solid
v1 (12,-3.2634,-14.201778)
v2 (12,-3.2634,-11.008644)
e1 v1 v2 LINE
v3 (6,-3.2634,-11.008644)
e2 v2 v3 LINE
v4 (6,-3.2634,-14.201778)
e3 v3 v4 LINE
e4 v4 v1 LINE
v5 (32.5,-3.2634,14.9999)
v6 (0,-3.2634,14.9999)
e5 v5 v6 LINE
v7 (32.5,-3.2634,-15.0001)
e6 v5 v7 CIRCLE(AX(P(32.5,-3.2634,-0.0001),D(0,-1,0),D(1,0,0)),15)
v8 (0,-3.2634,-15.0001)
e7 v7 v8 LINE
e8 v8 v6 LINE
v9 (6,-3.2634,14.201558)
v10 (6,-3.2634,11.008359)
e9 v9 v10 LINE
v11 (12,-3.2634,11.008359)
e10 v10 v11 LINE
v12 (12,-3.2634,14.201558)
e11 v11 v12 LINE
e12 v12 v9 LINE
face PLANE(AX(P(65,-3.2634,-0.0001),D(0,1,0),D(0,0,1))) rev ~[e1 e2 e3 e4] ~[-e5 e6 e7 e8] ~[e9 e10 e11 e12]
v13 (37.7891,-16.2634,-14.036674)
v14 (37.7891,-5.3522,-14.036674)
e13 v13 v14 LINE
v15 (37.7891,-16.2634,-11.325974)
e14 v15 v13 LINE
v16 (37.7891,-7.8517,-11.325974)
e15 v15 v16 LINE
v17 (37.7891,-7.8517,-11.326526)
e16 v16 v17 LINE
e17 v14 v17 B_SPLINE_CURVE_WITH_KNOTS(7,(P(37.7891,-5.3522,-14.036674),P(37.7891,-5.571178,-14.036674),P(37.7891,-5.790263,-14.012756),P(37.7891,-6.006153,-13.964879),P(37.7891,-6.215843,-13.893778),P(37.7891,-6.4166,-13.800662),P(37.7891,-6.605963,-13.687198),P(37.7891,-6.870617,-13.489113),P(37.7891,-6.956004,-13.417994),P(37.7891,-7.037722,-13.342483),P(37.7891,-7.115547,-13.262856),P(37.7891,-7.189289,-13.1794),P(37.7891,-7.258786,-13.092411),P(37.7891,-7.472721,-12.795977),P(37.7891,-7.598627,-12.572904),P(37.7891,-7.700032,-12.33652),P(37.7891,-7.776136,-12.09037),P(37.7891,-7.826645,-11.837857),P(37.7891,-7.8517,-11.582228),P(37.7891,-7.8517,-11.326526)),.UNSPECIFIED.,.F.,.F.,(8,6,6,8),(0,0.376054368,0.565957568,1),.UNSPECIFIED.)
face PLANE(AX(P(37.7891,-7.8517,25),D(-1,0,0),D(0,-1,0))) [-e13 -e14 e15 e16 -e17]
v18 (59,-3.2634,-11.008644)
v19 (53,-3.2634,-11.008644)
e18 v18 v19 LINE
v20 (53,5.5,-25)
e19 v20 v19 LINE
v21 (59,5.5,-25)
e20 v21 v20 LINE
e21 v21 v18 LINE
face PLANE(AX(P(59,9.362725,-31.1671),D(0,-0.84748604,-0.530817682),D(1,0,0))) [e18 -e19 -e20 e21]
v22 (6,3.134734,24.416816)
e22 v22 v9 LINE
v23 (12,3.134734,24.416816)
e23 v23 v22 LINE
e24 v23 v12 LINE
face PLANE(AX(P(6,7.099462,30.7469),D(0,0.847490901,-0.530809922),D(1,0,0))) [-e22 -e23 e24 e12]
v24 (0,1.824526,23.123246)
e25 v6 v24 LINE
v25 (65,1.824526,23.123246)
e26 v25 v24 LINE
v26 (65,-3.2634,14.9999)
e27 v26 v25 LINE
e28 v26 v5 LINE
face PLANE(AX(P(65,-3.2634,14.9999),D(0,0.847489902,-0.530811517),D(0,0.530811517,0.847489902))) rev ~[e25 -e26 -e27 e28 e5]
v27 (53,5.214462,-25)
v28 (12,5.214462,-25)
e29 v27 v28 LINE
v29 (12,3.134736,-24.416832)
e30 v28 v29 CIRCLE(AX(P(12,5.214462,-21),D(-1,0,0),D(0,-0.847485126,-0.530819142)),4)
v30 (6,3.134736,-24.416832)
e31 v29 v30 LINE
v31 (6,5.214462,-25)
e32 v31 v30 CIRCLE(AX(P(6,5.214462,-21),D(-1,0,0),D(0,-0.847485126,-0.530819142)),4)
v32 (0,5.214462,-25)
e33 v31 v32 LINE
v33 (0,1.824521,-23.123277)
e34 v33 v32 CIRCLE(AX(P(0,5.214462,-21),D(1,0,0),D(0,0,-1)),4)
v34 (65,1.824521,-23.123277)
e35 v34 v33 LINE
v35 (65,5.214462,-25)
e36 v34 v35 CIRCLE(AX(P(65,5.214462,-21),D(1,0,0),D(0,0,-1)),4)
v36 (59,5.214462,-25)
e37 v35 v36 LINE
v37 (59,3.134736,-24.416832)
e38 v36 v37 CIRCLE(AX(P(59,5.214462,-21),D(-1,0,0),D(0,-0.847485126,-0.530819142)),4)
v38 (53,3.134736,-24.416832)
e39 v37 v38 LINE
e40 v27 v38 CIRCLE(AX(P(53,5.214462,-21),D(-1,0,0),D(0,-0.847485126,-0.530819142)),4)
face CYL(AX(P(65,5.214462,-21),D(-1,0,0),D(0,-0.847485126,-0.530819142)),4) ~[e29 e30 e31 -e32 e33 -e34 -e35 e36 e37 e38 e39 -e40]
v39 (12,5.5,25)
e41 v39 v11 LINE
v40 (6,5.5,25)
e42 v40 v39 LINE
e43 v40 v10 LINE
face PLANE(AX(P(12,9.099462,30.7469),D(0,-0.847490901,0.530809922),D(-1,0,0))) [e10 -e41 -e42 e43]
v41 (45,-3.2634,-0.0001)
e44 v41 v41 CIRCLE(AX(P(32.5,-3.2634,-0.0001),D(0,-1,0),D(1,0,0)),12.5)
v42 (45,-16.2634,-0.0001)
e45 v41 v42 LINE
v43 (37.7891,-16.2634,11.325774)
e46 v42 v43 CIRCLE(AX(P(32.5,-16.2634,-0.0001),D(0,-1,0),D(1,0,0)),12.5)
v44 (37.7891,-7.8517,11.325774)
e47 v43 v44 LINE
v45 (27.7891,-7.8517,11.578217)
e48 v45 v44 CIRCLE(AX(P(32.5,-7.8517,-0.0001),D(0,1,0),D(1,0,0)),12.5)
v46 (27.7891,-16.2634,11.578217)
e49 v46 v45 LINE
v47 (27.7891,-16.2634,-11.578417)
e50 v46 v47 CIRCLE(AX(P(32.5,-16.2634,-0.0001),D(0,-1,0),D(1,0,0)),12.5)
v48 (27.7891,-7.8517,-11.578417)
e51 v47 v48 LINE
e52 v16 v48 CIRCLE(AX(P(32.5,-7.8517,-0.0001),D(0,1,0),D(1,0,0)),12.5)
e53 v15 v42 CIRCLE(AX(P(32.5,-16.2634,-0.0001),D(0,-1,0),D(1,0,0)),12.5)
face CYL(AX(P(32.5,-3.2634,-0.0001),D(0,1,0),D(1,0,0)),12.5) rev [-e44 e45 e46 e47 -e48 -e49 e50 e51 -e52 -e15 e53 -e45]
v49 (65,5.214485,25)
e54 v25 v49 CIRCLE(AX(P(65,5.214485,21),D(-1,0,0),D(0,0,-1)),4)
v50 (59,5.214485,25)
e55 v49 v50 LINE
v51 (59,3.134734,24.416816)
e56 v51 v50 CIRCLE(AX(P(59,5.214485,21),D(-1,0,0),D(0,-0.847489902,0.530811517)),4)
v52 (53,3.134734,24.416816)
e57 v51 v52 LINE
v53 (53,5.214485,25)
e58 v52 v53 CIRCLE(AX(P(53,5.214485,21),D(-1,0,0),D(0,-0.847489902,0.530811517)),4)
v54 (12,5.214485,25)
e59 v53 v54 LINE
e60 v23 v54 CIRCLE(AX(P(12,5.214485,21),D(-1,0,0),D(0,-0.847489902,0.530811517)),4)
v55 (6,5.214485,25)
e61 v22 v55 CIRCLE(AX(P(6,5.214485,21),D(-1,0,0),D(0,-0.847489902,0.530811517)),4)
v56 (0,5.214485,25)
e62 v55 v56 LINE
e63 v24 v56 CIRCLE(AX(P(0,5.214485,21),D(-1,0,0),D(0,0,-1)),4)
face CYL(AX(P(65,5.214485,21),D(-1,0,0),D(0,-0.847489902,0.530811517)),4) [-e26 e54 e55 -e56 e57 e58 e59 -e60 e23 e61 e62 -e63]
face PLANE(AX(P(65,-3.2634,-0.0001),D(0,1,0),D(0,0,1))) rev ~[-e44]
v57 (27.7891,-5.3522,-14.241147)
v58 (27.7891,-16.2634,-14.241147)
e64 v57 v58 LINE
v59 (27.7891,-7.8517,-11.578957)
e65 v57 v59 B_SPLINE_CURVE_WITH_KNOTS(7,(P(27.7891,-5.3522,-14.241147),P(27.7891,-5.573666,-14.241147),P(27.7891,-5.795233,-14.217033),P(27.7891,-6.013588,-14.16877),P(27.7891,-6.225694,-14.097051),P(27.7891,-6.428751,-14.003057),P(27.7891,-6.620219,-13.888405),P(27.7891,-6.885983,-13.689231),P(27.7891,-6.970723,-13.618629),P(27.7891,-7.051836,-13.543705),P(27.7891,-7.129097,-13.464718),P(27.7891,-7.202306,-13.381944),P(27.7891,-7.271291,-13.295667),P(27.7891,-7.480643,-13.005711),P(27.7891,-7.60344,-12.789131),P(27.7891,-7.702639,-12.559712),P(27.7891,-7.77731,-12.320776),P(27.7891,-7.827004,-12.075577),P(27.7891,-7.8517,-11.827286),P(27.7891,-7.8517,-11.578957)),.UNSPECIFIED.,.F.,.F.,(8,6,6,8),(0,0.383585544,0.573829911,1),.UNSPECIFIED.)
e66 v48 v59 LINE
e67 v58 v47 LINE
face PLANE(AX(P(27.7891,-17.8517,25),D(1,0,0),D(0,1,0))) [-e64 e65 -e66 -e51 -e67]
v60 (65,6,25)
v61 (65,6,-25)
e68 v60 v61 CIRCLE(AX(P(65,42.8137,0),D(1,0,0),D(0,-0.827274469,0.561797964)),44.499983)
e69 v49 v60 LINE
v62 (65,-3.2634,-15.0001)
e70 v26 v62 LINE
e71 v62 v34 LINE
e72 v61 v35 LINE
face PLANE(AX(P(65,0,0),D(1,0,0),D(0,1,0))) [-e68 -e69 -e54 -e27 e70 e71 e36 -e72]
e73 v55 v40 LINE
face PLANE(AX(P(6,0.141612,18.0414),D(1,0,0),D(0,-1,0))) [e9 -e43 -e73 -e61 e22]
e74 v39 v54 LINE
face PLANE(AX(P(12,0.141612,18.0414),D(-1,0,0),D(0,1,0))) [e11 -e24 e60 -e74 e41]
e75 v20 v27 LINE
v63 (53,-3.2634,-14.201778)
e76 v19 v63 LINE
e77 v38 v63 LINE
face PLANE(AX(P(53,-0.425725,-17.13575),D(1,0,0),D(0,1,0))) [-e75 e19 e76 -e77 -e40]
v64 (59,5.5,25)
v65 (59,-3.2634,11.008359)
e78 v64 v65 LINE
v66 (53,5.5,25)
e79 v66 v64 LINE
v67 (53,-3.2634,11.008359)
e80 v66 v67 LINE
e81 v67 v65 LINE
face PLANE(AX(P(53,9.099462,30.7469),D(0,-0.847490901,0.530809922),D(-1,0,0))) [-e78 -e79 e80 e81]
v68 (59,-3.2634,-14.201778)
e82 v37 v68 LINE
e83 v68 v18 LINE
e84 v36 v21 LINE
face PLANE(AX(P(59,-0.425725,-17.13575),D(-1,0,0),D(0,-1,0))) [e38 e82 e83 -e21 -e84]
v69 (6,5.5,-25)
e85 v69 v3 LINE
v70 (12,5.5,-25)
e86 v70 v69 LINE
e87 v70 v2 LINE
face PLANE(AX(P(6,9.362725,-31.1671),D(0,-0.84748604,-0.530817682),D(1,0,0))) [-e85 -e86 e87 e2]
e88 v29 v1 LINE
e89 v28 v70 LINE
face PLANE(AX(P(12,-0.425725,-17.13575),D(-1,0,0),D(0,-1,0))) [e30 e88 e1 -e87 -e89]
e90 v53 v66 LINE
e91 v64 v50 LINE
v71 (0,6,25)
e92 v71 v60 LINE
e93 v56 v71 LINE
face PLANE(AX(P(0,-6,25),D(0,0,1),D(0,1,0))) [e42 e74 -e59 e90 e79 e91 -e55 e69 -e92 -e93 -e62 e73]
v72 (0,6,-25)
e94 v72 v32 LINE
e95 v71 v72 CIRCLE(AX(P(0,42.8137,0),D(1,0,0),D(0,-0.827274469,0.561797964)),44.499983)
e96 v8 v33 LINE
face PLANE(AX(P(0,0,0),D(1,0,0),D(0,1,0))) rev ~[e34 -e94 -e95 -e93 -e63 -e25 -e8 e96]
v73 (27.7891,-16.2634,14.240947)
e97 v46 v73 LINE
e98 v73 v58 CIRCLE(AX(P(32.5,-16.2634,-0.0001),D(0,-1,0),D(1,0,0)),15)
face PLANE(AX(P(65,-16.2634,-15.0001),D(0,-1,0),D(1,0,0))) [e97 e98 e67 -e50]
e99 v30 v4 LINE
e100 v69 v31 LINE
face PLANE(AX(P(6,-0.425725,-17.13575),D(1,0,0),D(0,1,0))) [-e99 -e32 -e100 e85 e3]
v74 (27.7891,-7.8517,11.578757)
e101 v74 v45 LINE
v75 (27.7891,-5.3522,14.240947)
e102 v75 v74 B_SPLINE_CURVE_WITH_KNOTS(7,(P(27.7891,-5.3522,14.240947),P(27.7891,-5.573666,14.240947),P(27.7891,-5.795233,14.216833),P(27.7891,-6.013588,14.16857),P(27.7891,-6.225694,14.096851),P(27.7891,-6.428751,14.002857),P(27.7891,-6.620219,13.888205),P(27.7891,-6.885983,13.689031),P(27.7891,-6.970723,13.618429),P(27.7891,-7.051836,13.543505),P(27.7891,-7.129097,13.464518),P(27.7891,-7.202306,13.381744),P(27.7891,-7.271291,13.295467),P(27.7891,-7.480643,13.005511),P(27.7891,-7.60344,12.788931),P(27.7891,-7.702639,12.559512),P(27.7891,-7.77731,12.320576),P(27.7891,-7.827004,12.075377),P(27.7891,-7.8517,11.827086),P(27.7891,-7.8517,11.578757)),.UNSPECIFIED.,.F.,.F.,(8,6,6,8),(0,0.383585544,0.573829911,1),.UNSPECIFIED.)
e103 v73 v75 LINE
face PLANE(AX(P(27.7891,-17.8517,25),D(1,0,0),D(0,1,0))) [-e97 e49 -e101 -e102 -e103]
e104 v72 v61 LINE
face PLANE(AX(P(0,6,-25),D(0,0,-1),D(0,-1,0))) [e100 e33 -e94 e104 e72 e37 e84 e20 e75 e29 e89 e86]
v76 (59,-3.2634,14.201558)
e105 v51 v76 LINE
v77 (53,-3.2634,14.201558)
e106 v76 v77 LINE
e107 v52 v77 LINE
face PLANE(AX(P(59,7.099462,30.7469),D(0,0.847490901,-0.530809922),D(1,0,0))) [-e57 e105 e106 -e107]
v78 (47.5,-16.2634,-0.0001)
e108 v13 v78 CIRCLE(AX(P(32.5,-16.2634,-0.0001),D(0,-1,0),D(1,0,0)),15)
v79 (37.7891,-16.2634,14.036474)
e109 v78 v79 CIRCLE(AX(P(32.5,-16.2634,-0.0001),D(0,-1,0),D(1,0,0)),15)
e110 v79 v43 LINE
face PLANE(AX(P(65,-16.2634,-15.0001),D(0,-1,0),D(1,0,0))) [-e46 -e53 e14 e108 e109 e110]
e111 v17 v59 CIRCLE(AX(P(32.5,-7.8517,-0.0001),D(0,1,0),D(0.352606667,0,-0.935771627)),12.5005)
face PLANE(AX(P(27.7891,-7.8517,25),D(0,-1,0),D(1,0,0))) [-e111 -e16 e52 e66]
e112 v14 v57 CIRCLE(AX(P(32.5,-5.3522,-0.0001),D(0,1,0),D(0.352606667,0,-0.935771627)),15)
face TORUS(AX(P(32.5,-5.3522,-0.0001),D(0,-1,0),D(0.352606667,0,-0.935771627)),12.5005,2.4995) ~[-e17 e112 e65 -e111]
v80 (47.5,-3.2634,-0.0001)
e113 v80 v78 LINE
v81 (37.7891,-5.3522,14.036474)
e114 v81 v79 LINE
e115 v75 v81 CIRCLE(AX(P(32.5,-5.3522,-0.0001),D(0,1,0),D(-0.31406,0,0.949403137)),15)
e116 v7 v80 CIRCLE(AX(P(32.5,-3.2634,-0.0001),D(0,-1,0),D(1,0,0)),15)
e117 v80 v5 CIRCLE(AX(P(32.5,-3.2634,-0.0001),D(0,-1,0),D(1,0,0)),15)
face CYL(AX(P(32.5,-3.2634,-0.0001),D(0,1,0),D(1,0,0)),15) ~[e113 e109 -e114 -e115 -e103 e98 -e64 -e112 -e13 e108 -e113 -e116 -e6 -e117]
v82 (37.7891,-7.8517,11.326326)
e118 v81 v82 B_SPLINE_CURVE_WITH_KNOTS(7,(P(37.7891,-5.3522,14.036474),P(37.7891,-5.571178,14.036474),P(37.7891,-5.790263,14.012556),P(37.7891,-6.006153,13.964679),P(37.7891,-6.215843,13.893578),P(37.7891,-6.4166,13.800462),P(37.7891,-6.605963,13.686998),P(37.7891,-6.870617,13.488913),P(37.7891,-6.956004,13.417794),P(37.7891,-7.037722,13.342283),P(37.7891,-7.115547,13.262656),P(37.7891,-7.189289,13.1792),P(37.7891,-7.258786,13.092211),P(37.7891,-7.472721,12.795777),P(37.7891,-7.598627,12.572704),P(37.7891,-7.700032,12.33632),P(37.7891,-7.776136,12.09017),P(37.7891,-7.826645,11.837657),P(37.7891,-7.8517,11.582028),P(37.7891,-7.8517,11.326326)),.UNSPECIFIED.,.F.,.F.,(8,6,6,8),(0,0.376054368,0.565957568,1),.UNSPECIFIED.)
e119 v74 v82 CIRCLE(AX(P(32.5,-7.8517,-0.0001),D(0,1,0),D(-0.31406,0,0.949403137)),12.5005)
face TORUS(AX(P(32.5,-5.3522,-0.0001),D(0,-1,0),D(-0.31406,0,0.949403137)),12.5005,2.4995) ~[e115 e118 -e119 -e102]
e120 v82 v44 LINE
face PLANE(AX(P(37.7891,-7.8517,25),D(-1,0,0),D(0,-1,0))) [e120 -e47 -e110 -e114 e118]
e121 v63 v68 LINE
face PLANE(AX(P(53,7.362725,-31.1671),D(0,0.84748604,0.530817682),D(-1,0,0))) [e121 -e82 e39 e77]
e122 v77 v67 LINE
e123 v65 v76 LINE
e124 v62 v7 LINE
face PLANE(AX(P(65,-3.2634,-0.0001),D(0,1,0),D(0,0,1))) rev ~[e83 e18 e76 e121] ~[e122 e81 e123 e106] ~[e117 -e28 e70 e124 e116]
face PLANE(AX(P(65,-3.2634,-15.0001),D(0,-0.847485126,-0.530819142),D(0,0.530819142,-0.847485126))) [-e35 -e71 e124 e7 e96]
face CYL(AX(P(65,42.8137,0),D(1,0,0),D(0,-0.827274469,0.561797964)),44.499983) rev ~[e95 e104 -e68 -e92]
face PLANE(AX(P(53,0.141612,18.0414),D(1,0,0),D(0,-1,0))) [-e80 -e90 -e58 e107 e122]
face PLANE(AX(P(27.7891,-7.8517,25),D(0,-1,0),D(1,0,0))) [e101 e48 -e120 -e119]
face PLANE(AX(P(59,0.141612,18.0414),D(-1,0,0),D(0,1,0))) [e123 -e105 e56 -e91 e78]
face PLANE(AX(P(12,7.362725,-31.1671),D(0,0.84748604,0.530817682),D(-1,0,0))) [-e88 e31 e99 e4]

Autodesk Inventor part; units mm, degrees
ref_plane "YZ Plane" through (0, 0, 0) normal (1, 0, 0) x (0, 1, 0)
ref_plane "XZ Plane" through (0, 0, 0) normal (0, 1, 0) x (-1, 0, 0)
ref_plane "XY Plane" through (0, 0, 0) normal (0, 0, 1) x (1, 0, 0)
sketch "Sketch1" plane through (0, 0, 0) normal (1, 0, 0) x (0, 1, 0)
  line L0 (-6, 25) -> (6, 25)
  line L1 (6, 25) -> (6, -25)
  line L2 (6, -25) -> (-6, -25)
  line L3 (-6, -25) -> (-6, 25)
  dimension "d0" = 12
  dimension "d1" = 50
extrude "Extrusion1" add sketch "Sketch1" along normal blind 65
sketch "Sketch2" plane through (65, 0, 0) normal (1, 0, 0) x (0, 0, -1)
  line L0 (-25, 6) -> (-25, -6) projected
  line L1 (25, -6) -> (25, 6) projected
  line L2 (-25, 6) -> (25, 6)
  arc A0 (-25, 6) -> (25, 6) centre (0, 42.8137) ccw
  line L3 (-25, -6) -> (25, -6) projected
  line L4 (25, 3) -> (25, -6)
  line L5 (25, -6) -> (-25, -6)
  line L6 (-25, -6) -> (-25, 3)
  line L7 (0.0001, -3.2634) -> (15.0001, -3.2634)
  line L8 (15.0001, -3.2634) -> (25, 3)
  line L9 (0.0001, -3.2634) -> (-14.9999, -3.2634)
  line L10 (-14.9999, -3.2634) -> (-25, 3)
  point P0 (0, 0)
  dimension "d4" = 44.5
  dimension "d9" = 15.351
  dimension "d10" = 15.3508
extrude "Extrusion2" cut sketch "Sketch2" against normal through all contours L2 A0 | L10 L9 L7 L8 L1 L3 L0
sketch "Sketch3" plane through (65, -3.2634, -15.0001) normal (0, -1, 0) x (1, 0, 0)
  circle A0 centre (-32.5, 15) radius 15
  circle A1 centre (-32.5, 15) radius 12.5
  point P0 (-65, 15.0001)
  dimension "d14" = 25
extrude "Extrusion3" add sketch "Sketch3" along normal blind 13
sketch "Sketch4" plane through (0, 3, 25) normal (0, 0, 1) x (1, 0, 0)
  line L0 (37.7891, -20.8517) -> (27.7891, -20.8517)
  line L1 (27.7891, -20.8517) -> (27.7891, -10.8517)
  line L2 (27.7891, -10.8517) -> (37.7891, -10.8517)
  line L3 (37.7891, -10.8517) -> (37.7891, -20.8517)
  point P0 (0, -3)
  dimension "d18" = 10
  dimension "d19" = 10
extrude "Extrusion4" cut sketch "Sketch4" against normal through all
sketch "Sketch5" plane through (0, 3, 25) normal (0, 0, 1) x (1, 0, 0)
  line L0 (6, 0.5) -> (12, 0.5)
  line L1 (12, 0.5) -> (12, 2.5)
  line L2 (12, 2.5) -> (6, 2.5)
  line L3 (6, 2.5) -> (6, 0.5)
  line L4 (59, 0.5) -> (53, 0.5)
  line L5 (53, 0.5) -> (53, 2.5)
  line L6 (53, 2.5) -> (59, 2.5)
  line L7 (59, 2.5) -> (59, 0.5)
  point P0 (0, -3)
  point P1 (0, 0)
  point P2 (65, 0)
  dimension "d25" = 6
  dimension "d26" = 2
  dimension "d27" = 6
  dimension "d28" = 2
fillet "Fillet1" radius 4 2 edges at (32.5, 3, 25) (32.5, 3, -25)
fillet "Fillet2" radius 2.5 2 edges at (32.8066, -7.8517, -14.997) (32.8066, -7.8517, 14.9967)
sketch "Sketch10" plane through (65, 0, 0) normal (1, 0, 0) x (0, 0, -1)
  line L0 (-30.7469, 6.3774) -> (-5.3359, -9.5383)
  line L1 (-23.1232, 1.8245) -> (-14.9999, -3.2634) projected
  point P0 (0, 0)
sweep "Sweep3" cut profiles "Sketch5" path "Sketch10" path curves L0
sketch "Sketch11" plane through (65, 6, -25) normal (0, 0, -1) x (-1, 0, 0)
  line L0 (59, -0.5) -> (53, -0.5) projected
  line L1 (59, -0.5) -> (53, -0.5)
  line L2 (53, -0.5) -> (53, -2.5)
  line L3 (53, -2.5) -> (59, -2.5)
  line L4 (59, -2.5) -> (59, -0.5)
  line L5 (6, -0.5) -> (12, -0.5)
  line L6 (12, -0.5) -> (12, -2.5)
  line L7 (12, -2.5) -> (6, -2.5)
  line L8 (6, -2.5) -> (6, -0.5)
  point P0 (65, -6)
  point P1 (65, 0)
  point P2 (0, 0)
  dimension "d54" = 2
sketch "Sketch12" plane through (0, 0, 0) normal (-1, 0, 0) x (0, 0, 1)
  line L0 (-31.1671, 7.3521) -> (-3.1044, -10.2248)
  line L1 (-23.1233, 1.8245) -> (-15.0001, -3.2634) projected
  point P0 (0, 0)
sweep "Sweep4" cut profiles "Sketch11" path "Sketch12" path curves L0
properties part number "Cup_platform"
